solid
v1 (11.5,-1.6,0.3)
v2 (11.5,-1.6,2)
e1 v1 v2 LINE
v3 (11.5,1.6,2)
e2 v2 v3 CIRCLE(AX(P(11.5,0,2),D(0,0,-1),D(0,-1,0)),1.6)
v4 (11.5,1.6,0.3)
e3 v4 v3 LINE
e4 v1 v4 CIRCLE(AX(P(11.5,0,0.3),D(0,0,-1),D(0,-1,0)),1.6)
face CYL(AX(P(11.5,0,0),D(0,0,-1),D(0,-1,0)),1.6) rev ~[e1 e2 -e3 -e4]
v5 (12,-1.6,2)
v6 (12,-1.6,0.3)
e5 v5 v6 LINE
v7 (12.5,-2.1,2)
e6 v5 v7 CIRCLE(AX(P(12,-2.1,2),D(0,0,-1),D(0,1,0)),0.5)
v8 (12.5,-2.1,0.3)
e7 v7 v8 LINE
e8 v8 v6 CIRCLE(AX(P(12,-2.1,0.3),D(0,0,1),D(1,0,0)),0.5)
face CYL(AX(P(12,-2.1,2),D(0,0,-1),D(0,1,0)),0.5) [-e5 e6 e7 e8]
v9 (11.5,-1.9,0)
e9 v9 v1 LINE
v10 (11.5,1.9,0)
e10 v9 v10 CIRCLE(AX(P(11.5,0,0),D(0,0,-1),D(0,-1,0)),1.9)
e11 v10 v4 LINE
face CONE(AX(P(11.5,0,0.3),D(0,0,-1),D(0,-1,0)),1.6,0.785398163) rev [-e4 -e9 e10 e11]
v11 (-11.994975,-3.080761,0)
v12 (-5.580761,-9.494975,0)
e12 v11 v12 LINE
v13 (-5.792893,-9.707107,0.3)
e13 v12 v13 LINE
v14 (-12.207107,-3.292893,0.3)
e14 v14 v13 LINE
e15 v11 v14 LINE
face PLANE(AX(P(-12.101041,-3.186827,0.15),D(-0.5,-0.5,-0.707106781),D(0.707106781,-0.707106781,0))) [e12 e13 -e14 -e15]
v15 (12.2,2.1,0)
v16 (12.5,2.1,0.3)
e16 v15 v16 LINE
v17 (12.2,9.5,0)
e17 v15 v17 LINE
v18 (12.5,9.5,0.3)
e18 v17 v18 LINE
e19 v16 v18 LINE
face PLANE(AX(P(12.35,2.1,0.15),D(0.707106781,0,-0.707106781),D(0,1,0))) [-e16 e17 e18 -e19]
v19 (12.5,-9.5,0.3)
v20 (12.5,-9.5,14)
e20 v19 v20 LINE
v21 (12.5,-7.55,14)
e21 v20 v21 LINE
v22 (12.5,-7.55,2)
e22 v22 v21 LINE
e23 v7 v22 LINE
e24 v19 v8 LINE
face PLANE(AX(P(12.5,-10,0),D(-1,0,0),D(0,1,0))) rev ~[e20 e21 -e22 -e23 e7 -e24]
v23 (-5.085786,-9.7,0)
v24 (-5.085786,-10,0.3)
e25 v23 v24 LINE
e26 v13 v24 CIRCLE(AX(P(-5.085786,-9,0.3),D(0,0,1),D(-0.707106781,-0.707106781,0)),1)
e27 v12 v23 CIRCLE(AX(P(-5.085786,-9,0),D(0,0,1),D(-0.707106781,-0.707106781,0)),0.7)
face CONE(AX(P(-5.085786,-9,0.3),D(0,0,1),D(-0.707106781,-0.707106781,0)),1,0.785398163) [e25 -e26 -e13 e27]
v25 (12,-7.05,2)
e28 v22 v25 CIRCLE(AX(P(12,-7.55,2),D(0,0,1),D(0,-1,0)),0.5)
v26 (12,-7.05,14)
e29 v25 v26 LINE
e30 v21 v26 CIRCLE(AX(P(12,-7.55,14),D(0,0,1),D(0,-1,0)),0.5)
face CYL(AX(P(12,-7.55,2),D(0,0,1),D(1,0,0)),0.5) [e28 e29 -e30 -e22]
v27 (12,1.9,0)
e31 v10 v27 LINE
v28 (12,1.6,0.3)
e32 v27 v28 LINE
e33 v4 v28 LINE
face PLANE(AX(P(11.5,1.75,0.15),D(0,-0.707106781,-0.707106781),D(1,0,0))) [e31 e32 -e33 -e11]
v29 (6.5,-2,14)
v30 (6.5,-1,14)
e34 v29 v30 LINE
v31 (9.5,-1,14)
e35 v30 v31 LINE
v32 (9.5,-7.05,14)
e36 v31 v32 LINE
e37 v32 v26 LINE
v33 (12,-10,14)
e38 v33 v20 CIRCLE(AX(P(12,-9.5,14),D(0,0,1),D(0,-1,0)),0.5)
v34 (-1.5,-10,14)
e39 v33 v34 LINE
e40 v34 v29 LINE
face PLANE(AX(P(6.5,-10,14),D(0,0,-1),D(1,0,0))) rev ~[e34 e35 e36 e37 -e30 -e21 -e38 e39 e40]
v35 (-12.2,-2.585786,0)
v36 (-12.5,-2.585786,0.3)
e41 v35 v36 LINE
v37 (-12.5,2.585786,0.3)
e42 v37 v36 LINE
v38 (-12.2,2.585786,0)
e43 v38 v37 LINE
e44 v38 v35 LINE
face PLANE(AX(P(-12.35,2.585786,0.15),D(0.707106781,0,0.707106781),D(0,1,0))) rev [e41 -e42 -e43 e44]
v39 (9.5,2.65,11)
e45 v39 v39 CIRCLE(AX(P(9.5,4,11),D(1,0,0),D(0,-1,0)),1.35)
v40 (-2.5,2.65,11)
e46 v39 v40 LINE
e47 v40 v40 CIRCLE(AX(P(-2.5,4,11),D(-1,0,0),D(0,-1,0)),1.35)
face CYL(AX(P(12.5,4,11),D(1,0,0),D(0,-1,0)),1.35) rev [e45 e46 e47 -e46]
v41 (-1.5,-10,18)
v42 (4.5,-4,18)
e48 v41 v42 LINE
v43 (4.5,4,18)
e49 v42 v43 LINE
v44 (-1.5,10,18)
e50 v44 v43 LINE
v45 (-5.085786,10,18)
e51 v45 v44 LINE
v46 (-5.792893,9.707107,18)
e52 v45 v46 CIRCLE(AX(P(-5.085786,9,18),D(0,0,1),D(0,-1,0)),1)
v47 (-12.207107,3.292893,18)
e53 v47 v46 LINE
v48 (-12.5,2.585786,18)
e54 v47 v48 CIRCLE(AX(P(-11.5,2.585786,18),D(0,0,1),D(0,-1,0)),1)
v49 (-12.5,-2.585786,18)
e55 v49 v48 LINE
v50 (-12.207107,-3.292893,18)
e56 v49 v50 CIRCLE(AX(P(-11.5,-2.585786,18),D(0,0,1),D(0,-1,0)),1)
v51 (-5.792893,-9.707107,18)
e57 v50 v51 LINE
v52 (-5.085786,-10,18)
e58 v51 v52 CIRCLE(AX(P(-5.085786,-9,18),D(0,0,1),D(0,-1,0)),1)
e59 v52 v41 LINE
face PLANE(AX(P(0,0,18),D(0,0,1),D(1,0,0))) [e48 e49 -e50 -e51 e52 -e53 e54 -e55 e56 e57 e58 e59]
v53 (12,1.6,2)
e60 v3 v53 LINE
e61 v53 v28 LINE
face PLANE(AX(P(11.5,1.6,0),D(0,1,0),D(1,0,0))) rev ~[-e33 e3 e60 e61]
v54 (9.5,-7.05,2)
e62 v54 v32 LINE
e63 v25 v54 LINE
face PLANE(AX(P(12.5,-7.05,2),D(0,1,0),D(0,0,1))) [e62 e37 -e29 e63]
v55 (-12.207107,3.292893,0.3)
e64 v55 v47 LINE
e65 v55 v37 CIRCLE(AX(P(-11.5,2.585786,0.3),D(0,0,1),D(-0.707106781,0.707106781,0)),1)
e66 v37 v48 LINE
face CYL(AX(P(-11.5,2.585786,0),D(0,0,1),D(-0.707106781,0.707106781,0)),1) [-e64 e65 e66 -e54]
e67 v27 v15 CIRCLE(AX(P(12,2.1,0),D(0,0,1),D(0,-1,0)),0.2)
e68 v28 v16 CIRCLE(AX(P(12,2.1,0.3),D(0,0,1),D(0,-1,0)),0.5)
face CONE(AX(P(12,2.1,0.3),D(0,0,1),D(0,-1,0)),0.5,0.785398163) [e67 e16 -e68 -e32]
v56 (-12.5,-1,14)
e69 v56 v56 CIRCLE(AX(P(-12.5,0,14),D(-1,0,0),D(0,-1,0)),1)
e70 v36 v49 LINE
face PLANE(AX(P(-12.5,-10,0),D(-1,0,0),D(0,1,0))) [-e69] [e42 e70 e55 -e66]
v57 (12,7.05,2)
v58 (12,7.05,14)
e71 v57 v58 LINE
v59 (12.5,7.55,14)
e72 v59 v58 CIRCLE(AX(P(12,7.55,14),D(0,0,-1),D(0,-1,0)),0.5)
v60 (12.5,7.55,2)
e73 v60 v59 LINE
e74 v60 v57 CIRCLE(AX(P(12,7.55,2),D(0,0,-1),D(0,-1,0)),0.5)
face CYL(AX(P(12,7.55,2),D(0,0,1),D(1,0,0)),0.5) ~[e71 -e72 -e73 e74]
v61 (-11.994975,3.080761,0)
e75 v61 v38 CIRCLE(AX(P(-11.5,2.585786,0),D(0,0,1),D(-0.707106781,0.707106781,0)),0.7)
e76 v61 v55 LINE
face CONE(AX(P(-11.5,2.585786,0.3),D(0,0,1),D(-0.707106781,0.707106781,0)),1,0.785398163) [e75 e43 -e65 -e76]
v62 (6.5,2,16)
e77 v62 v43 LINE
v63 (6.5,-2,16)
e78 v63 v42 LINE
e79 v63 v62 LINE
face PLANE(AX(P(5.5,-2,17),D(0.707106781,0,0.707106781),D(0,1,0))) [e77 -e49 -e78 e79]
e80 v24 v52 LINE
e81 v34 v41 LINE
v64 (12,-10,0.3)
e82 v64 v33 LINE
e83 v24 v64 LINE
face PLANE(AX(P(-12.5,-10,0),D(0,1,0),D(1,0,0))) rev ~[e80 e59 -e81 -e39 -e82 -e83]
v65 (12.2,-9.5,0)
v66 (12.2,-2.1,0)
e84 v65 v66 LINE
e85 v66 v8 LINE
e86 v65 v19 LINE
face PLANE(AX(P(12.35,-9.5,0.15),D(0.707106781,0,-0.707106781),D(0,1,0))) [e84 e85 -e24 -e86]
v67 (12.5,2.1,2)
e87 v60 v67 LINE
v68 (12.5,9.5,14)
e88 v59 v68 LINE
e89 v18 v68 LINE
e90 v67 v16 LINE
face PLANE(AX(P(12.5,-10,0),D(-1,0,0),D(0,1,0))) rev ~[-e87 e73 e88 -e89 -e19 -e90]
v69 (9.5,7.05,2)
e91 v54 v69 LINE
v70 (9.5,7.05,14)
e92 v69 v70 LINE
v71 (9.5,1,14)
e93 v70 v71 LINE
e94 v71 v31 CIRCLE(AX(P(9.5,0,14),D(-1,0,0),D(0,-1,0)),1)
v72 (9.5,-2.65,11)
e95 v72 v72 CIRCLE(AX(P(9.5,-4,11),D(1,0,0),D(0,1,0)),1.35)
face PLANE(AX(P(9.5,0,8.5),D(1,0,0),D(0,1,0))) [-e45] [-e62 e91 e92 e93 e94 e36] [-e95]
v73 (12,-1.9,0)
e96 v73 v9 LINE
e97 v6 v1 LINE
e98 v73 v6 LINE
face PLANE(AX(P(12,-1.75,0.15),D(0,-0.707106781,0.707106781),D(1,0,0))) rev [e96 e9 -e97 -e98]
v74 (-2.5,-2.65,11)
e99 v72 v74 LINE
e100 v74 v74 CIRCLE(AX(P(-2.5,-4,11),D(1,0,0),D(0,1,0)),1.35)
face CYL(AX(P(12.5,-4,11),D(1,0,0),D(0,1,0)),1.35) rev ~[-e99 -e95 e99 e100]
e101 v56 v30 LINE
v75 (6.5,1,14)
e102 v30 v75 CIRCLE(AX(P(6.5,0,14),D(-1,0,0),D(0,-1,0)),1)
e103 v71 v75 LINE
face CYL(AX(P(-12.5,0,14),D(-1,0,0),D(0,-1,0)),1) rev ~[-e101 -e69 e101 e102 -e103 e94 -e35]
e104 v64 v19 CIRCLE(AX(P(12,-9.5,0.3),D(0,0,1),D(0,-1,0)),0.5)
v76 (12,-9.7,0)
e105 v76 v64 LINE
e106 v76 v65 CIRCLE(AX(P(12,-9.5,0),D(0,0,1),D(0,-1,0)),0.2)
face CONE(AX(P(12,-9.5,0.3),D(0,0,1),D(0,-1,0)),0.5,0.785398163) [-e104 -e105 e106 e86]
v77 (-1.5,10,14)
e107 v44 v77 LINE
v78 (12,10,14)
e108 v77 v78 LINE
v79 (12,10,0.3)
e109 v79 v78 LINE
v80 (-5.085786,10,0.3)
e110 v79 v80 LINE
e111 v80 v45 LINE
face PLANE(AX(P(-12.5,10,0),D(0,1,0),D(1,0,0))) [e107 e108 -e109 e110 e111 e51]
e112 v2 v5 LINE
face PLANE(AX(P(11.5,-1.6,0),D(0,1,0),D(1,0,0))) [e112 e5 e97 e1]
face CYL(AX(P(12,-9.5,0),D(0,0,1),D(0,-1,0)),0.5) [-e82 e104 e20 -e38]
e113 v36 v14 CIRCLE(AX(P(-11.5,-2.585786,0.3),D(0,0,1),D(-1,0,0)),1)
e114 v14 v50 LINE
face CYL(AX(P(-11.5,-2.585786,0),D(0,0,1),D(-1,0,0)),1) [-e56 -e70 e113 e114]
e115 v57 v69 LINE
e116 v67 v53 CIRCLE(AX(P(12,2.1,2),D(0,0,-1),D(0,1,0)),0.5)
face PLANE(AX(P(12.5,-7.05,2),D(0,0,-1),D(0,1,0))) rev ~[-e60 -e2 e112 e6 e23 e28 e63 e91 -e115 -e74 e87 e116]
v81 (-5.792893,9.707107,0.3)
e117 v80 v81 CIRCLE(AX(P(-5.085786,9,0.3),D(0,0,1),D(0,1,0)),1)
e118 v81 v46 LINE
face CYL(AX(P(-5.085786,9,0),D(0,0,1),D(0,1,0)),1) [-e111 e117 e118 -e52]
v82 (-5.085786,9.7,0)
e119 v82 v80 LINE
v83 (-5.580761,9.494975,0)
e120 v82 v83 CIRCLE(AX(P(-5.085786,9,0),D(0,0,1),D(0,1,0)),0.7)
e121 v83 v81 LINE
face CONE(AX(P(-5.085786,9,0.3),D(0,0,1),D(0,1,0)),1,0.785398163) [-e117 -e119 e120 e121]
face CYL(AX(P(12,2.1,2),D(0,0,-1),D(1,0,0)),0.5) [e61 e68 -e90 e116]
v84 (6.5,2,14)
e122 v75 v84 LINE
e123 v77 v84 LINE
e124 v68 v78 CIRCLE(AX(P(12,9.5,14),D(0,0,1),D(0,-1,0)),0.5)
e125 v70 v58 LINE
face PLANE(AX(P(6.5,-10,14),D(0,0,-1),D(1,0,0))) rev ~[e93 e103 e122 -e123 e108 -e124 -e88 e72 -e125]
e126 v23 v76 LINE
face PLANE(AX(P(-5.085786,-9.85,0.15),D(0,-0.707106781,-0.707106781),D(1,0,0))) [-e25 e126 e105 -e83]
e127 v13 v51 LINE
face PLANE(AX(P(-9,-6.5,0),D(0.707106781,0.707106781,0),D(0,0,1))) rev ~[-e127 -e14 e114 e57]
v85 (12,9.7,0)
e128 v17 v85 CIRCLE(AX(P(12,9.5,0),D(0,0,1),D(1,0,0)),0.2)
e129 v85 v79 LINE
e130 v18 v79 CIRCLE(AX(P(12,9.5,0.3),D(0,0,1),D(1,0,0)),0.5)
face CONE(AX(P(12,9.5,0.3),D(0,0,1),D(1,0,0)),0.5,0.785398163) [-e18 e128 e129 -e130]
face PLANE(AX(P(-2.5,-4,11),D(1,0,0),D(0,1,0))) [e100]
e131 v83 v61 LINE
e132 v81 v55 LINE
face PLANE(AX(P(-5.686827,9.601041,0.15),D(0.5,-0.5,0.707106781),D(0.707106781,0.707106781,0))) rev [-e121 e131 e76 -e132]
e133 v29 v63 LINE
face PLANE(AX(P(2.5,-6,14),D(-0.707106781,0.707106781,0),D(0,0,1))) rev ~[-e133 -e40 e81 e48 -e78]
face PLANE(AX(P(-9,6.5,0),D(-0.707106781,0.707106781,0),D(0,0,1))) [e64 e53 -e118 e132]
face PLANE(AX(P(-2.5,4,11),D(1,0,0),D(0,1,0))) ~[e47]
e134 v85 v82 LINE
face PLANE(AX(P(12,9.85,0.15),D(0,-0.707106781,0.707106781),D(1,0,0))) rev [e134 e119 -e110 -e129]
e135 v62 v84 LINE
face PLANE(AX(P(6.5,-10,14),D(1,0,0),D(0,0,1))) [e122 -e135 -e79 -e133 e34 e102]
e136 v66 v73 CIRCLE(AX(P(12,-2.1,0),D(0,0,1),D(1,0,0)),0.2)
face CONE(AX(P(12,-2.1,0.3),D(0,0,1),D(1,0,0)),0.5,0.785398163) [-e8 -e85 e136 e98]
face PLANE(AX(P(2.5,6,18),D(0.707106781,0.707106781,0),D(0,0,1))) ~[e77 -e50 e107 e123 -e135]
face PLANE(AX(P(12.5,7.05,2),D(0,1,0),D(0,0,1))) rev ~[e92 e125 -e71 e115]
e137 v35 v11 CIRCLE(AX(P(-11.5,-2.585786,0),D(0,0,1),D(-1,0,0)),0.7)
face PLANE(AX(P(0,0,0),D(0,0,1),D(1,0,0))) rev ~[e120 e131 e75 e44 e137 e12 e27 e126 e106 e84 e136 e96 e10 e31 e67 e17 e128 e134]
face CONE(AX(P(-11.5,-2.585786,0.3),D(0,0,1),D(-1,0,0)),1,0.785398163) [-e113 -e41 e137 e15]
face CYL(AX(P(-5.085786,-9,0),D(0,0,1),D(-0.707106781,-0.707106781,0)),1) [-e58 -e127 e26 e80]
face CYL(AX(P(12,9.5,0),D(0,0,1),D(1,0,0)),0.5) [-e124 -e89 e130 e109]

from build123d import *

# Parameters (mm, degrees)
SKETCH_W        = 25
SKETCH_H        = 20
PAD_DEPTH       = 18
SKETCH001_R     = 1
POCKET_DEPTH    = 25.001
SKETCH002_W     = 6
SKETCH002_H     = 8
POCKET001_DEPTH = 20.001
SKETCH003_R     = 1.35
POCKET002_DEPTH = 15
CHAMFER_SIZE    = 8
CHAMFER001_SIZE = 2
SKETCH004_W     = 14.1
SKETCH004_H     = 13
POCKET003_DEPTH = 3
FILLET_R        = 0.5
CHAMFER002_SIZE = 7
FILLET001_R     = 1
POCKET004_DEPTH = 5
FILLET002_R     = 0.5
CHAMFER003_SIZE = 0.3


with BuildPart() as part:
    # Sketch (on XY_Plane of Origin) → Pad (new body)
    with BuildSketch(Plane.XY):
        Rectangle(SKETCH_W, SKETCH_H)
    extrude(amount=PAD_DEPTH)

    # Sketch001 (on Face4 of Pad) → Pocket (cut, through all)
    with BuildSketch(Plane(origin=(-12.5, 0, 0), x_dir=(0, -1, 0), z_dir=(-1, 0, 0))):
        with Locations((0, 14)):
            Circle(SKETCH001_R)
    extrude(amount=-POCKET_DEPTH, mode=Mode.SUBTRACT)

    # Sketch002 (on Face1 of Pocket) → Pocket001 (cut, through all)
    with BuildSketch(Plane.XZ.offset(10)):
        with Locations((9.5, 18)):
            Rectangle(SKETCH002_W, SKETCH002_H)
    extrude(amount=-POCKET001_DEPTH, mode=Mode.SUBTRACT)

    # Sketch003 (on Face3 of Pocket001) → Pocket002 (cut)
    with BuildSketch(Plane.YZ.offset(12.5)):
        with Locations((-4, 11)):
            Circle(SKETCH003_R)
    pocket002 = extrude(amount=-POCKET002_DEPTH, mode=Mode.SUBTRACT)

    # Mirrored: Pocket002 across XZ
    add(pocket002.mirror(Plane.XZ), mode=Mode.SUBTRACT)

    # Chamfer
    chamfer_edges = [part.edges().sort_by_distance(p)[0] for p in [
        (6.5, -10, 16),
        (6.5, 10, 16),
    ]]
    chamfer(chamfer_edges, length=CHAMFER_SIZE)

    # Chamfer001
    chamfer001_edges = [part.edges().sort_by_distance(p)[0] for p in [
        (6.5, 0, 18),
    ]]
    chamfer(chamfer001_edges, length=CHAMFER001_SIZE)

    # Sketch004 (on Face11 of Chamfer001) → Pocket003 (cut)
    with BuildSketch(Plane.YZ.offset(12.5)):
        with Locations((0, 8.5)):
            Rectangle(SKETCH004_W, SKETCH004_H)
    extrude(amount=-POCKET003_DEPTH, mode=Mode.SUBTRACT)

    # Fillet
    fillet_edges = [part.edges().sort_by_distance(p)[0] for p in [
        (12.5, -10, 7),
        (12.5, -7.05, 8),
        (12.5, 7.05, 8),
        (12.5, 10, 7),
    ]]
    fillet(fillet_edges, radius=FILLET_R)

    # Chamfer002
    chamfer002_edges = [part.edges().sort_by_distance(p)[0] for p in [
        (-12.5, -10, 9),
        (-12.5, 10, 9),
    ]]
    chamfer(chamfer002_edges, length=CHAMFER002_SIZE)

    # Fillet001
    fillet001_edges = [part.edges().sort_by_distance(p)[0] for p in [
        (-12.5, -3, 9),
        (-5.5, -10, 9),
        (-12.5, 3, 9),
        (-5.5, 10, 9),
    ]]
    fillet(fillet001_edges, radius=FILLET001_R)

    # Sketch005 (on Face2 of Fillet001) → Pocket004 (cut)
    with BuildSketch(Plane(origin=(0, 0, 0), x_dir=(1, 0, 0), z_dir=(0, 0, -1))):
        with BuildLine():
            ThreePointArc((11.5, 1.6), (9.9, 0), (11.5, -1.6))
            Line((11.5, -1.6), (21.5, -1.6))
            ThreePointArc((21.5, -1.6), (23.1, 0), (21.5, 1.6))
            Line((11.5, 1.6), (21.5, 1.6))
        make_face()
    extrude(amount=-POCKET004_DEPTH, mode=Mode.SUBTRACT)

    # Fillet002
    fillet002_edges = [part.edges().sort_by_distance(p)[0] for p in [
        (12.5, 1.6, 1),
        (12.5, -1.6, 1),
    ]]
    fillet(fillet002_edges, radius=FILLET002_R)

    # Chamfer003
    chamfer003_edges = [part.edges().sort_by_distance(p)[0] for p in [
        (3.457107, -10, 0),
    ]]
    chamfer(chamfer003_edges, length=CHAMFER003_SIZE)


solid = part.part
